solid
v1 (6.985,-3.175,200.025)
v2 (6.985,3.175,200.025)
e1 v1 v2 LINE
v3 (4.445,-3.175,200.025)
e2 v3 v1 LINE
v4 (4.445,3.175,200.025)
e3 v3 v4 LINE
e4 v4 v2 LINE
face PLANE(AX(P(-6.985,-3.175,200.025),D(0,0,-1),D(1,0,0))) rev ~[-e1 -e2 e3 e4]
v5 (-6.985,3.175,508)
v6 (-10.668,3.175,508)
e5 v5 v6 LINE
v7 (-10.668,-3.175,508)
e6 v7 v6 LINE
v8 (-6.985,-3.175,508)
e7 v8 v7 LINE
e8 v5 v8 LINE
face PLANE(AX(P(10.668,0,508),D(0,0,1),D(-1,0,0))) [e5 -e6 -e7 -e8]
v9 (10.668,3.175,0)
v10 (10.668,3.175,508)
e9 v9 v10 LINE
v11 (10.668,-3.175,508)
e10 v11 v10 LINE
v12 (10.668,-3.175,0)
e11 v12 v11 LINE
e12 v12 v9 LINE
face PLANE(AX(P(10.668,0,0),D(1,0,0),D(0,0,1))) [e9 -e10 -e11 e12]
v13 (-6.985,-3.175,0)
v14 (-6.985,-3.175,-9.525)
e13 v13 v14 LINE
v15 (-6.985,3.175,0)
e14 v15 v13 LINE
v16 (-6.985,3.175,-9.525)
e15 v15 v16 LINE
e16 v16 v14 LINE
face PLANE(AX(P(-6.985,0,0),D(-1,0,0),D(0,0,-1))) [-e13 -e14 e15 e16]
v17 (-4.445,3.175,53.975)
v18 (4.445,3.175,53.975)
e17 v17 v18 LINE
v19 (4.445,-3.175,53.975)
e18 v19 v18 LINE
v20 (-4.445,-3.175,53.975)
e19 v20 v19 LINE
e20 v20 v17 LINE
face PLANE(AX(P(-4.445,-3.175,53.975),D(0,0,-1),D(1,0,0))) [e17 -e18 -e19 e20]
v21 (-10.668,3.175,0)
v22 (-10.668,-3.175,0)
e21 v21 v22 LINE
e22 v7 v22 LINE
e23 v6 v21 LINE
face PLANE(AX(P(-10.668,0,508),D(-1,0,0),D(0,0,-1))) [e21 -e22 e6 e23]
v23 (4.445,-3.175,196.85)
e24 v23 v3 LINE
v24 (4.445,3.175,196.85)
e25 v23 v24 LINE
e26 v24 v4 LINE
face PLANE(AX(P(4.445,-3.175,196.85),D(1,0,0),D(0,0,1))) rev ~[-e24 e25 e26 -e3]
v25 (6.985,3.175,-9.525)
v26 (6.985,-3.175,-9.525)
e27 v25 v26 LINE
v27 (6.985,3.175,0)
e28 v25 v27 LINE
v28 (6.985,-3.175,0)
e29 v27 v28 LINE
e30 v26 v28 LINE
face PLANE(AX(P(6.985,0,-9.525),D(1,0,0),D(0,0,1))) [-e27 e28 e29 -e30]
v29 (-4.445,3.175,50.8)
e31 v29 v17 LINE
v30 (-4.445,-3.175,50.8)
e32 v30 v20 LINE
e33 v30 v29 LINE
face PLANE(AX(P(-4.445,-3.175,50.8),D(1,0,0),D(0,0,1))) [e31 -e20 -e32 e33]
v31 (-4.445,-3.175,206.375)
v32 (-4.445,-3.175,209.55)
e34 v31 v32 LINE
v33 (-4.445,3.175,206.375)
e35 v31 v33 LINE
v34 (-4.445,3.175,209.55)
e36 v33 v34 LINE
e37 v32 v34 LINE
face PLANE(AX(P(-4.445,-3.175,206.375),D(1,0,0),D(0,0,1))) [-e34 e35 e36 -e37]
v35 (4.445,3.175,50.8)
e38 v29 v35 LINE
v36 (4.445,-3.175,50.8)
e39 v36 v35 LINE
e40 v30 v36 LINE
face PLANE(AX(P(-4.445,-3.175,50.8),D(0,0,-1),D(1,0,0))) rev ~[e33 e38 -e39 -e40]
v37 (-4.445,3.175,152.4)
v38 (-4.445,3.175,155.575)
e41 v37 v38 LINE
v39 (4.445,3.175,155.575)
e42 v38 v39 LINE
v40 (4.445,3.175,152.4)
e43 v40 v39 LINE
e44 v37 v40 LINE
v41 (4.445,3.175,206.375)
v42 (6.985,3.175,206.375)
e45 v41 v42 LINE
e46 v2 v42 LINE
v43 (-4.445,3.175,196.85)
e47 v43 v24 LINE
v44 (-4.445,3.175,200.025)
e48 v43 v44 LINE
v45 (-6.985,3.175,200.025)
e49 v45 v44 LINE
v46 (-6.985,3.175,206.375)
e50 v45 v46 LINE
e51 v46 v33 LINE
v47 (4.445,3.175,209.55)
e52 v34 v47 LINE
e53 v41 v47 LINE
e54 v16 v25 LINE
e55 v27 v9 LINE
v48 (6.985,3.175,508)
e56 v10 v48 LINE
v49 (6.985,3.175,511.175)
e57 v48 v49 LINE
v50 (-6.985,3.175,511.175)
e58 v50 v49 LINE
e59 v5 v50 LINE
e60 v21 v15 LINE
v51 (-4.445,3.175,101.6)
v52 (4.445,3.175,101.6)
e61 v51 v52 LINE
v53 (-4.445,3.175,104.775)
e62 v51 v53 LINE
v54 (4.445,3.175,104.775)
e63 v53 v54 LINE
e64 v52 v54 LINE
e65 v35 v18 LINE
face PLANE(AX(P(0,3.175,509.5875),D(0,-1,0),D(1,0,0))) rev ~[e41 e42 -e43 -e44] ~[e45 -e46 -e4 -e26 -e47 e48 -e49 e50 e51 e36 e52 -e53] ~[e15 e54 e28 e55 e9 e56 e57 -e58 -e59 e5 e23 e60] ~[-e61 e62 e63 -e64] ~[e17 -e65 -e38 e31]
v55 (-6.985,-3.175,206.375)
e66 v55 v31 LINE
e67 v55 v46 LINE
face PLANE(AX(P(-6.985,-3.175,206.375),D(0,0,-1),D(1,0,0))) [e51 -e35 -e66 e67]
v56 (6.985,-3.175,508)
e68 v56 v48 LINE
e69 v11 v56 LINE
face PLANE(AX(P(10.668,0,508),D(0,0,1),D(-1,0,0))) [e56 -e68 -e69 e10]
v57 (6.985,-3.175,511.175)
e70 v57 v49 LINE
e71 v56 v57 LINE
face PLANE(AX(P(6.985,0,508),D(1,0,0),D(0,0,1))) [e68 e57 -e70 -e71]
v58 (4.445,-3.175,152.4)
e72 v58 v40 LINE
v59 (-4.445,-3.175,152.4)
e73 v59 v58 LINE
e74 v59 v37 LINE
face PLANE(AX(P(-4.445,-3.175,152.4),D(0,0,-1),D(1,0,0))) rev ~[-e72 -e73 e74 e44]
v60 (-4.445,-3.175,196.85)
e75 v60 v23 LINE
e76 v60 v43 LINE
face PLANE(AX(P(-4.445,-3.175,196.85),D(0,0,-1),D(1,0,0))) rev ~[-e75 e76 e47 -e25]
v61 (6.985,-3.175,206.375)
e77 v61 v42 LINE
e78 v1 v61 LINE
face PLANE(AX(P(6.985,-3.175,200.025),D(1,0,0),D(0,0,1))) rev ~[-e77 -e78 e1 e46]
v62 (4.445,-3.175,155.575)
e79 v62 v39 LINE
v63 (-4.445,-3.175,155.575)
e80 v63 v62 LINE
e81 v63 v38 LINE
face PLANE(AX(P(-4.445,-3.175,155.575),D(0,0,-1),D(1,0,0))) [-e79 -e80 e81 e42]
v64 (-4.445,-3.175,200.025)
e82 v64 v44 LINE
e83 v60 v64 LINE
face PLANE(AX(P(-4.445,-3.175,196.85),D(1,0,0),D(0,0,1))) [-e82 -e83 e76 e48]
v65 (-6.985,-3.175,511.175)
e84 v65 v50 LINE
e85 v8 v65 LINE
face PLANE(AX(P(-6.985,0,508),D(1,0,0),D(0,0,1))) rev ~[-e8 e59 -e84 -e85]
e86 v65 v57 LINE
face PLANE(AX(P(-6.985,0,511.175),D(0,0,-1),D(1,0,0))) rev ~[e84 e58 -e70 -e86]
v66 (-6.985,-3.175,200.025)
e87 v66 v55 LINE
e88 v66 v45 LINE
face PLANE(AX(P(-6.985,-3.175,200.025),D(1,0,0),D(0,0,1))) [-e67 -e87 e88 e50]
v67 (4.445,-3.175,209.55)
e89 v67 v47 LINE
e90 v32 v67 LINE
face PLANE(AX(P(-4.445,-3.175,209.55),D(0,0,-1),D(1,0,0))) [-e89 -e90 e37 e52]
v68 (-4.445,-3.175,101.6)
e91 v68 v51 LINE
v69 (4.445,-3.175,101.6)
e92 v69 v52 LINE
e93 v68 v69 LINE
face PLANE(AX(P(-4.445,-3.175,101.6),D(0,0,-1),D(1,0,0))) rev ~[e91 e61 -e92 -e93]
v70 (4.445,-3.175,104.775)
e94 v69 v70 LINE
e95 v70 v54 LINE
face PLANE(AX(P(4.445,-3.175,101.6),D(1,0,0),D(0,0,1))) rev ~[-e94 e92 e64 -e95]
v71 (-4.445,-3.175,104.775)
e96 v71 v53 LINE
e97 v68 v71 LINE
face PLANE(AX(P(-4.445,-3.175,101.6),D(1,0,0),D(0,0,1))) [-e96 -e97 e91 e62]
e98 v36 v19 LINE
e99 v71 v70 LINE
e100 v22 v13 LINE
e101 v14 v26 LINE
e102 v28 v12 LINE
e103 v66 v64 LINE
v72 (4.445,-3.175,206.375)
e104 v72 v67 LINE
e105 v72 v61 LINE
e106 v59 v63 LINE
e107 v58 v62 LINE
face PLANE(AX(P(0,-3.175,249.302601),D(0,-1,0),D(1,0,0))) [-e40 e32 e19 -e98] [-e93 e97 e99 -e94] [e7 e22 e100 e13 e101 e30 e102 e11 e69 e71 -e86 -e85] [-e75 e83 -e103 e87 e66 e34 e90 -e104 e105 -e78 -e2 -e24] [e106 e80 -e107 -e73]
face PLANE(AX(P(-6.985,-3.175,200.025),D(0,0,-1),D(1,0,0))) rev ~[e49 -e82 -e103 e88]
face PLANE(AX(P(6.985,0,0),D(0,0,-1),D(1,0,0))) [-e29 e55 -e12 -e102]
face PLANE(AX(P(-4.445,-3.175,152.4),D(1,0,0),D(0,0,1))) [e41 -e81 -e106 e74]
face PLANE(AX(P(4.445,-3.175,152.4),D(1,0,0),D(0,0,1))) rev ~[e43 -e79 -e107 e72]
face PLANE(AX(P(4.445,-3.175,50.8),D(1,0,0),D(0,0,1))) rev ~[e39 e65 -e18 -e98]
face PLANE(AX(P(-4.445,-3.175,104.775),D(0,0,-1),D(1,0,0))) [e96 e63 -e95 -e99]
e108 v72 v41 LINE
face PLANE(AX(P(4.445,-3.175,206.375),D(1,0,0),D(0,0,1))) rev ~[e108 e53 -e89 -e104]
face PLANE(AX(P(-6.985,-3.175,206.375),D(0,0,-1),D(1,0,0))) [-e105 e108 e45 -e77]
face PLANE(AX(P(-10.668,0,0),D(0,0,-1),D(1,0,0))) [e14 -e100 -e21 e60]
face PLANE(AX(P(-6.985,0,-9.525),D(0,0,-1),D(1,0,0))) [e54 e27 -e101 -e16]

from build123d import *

# Parameters (mm, degrees)
F1_DEPTH      = 3.175
F2_W          = 13.97
F2_H          = 3.175
F3_DEPTH      = 3.175
F3_DEPTH_BACK = 3.175
F4_W          = 13.97
F4_H          = 6.35
F5_DEPTH      = 6.35
F6_W          = 8.89
F6_H          = 3.175
F7_DEPTH      = 6.35
F8_W          = 8.89
F8_H          = 3.175
F9_DEPTH      = 6.35


with BuildPart() as f1:
    # F0 (on Front) → F1 (new body, symmetric)
    with BuildSketch(Plane.XZ):
        Polygon((-10.668, 508), (-10.668, 0), (-6.985, 0), (-6.985, -9.525), (6.985, -9.525), (6.985, 0), (10.668, 0), (10.668, 508), align=None)
    extrude(amount=F1_DEPTH, both=True)

    # F2 (on Front) → F3 (join, two sides)
    with BuildSketch(Plane.XZ) as f3_sk:
        with Locations((0, 509.5875)):
            Rectangle(F2_W, F2_H)
    extrude(amount=F3_DEPTH)
    extrude(f3_sk.sketch, amount=-F3_DEPTH_BACK)

    # F4 (on face) → F5 (cut, through all)
    with BuildSketch(Plane.XZ.offset(3.175)):
        with Locations((0, 203.2)):
            Rectangle(F4_W, F4_H)
    extrude(amount=-F5_DEPTH, mode=Mode.SUBTRACT)

    # F6 (on face) → F7 (cut, through all)
    with BuildSketch(Plane.XZ.offset(3.175)):
        with Locations((0, 207.9625)):
            Rectangle(F6_W, F6_H)
        with Locations((0, 198.4375)):
            Rectangle(F6_W, F6_H)
    extrude(amount=-F7_DEPTH, mode=Mode.SUBTRACT)

    # F8 (on face) → F9 (cut, through all)
    with BuildSketch(Plane.XZ.offset(3.175)):
        with Locations((0, 52.3875)):
            Rectangle(F8_W, F8_H)
        with Locations((0, 103.1875)):
            Rectangle(F8_W, F8_H)
        with Locations((0, 153.9875)):
            Rectangle(F8_W, F8_H)
    extrude(amount=-F9_DEPTH, mode=Mode.SUBTRACT)


solid = f1.part
